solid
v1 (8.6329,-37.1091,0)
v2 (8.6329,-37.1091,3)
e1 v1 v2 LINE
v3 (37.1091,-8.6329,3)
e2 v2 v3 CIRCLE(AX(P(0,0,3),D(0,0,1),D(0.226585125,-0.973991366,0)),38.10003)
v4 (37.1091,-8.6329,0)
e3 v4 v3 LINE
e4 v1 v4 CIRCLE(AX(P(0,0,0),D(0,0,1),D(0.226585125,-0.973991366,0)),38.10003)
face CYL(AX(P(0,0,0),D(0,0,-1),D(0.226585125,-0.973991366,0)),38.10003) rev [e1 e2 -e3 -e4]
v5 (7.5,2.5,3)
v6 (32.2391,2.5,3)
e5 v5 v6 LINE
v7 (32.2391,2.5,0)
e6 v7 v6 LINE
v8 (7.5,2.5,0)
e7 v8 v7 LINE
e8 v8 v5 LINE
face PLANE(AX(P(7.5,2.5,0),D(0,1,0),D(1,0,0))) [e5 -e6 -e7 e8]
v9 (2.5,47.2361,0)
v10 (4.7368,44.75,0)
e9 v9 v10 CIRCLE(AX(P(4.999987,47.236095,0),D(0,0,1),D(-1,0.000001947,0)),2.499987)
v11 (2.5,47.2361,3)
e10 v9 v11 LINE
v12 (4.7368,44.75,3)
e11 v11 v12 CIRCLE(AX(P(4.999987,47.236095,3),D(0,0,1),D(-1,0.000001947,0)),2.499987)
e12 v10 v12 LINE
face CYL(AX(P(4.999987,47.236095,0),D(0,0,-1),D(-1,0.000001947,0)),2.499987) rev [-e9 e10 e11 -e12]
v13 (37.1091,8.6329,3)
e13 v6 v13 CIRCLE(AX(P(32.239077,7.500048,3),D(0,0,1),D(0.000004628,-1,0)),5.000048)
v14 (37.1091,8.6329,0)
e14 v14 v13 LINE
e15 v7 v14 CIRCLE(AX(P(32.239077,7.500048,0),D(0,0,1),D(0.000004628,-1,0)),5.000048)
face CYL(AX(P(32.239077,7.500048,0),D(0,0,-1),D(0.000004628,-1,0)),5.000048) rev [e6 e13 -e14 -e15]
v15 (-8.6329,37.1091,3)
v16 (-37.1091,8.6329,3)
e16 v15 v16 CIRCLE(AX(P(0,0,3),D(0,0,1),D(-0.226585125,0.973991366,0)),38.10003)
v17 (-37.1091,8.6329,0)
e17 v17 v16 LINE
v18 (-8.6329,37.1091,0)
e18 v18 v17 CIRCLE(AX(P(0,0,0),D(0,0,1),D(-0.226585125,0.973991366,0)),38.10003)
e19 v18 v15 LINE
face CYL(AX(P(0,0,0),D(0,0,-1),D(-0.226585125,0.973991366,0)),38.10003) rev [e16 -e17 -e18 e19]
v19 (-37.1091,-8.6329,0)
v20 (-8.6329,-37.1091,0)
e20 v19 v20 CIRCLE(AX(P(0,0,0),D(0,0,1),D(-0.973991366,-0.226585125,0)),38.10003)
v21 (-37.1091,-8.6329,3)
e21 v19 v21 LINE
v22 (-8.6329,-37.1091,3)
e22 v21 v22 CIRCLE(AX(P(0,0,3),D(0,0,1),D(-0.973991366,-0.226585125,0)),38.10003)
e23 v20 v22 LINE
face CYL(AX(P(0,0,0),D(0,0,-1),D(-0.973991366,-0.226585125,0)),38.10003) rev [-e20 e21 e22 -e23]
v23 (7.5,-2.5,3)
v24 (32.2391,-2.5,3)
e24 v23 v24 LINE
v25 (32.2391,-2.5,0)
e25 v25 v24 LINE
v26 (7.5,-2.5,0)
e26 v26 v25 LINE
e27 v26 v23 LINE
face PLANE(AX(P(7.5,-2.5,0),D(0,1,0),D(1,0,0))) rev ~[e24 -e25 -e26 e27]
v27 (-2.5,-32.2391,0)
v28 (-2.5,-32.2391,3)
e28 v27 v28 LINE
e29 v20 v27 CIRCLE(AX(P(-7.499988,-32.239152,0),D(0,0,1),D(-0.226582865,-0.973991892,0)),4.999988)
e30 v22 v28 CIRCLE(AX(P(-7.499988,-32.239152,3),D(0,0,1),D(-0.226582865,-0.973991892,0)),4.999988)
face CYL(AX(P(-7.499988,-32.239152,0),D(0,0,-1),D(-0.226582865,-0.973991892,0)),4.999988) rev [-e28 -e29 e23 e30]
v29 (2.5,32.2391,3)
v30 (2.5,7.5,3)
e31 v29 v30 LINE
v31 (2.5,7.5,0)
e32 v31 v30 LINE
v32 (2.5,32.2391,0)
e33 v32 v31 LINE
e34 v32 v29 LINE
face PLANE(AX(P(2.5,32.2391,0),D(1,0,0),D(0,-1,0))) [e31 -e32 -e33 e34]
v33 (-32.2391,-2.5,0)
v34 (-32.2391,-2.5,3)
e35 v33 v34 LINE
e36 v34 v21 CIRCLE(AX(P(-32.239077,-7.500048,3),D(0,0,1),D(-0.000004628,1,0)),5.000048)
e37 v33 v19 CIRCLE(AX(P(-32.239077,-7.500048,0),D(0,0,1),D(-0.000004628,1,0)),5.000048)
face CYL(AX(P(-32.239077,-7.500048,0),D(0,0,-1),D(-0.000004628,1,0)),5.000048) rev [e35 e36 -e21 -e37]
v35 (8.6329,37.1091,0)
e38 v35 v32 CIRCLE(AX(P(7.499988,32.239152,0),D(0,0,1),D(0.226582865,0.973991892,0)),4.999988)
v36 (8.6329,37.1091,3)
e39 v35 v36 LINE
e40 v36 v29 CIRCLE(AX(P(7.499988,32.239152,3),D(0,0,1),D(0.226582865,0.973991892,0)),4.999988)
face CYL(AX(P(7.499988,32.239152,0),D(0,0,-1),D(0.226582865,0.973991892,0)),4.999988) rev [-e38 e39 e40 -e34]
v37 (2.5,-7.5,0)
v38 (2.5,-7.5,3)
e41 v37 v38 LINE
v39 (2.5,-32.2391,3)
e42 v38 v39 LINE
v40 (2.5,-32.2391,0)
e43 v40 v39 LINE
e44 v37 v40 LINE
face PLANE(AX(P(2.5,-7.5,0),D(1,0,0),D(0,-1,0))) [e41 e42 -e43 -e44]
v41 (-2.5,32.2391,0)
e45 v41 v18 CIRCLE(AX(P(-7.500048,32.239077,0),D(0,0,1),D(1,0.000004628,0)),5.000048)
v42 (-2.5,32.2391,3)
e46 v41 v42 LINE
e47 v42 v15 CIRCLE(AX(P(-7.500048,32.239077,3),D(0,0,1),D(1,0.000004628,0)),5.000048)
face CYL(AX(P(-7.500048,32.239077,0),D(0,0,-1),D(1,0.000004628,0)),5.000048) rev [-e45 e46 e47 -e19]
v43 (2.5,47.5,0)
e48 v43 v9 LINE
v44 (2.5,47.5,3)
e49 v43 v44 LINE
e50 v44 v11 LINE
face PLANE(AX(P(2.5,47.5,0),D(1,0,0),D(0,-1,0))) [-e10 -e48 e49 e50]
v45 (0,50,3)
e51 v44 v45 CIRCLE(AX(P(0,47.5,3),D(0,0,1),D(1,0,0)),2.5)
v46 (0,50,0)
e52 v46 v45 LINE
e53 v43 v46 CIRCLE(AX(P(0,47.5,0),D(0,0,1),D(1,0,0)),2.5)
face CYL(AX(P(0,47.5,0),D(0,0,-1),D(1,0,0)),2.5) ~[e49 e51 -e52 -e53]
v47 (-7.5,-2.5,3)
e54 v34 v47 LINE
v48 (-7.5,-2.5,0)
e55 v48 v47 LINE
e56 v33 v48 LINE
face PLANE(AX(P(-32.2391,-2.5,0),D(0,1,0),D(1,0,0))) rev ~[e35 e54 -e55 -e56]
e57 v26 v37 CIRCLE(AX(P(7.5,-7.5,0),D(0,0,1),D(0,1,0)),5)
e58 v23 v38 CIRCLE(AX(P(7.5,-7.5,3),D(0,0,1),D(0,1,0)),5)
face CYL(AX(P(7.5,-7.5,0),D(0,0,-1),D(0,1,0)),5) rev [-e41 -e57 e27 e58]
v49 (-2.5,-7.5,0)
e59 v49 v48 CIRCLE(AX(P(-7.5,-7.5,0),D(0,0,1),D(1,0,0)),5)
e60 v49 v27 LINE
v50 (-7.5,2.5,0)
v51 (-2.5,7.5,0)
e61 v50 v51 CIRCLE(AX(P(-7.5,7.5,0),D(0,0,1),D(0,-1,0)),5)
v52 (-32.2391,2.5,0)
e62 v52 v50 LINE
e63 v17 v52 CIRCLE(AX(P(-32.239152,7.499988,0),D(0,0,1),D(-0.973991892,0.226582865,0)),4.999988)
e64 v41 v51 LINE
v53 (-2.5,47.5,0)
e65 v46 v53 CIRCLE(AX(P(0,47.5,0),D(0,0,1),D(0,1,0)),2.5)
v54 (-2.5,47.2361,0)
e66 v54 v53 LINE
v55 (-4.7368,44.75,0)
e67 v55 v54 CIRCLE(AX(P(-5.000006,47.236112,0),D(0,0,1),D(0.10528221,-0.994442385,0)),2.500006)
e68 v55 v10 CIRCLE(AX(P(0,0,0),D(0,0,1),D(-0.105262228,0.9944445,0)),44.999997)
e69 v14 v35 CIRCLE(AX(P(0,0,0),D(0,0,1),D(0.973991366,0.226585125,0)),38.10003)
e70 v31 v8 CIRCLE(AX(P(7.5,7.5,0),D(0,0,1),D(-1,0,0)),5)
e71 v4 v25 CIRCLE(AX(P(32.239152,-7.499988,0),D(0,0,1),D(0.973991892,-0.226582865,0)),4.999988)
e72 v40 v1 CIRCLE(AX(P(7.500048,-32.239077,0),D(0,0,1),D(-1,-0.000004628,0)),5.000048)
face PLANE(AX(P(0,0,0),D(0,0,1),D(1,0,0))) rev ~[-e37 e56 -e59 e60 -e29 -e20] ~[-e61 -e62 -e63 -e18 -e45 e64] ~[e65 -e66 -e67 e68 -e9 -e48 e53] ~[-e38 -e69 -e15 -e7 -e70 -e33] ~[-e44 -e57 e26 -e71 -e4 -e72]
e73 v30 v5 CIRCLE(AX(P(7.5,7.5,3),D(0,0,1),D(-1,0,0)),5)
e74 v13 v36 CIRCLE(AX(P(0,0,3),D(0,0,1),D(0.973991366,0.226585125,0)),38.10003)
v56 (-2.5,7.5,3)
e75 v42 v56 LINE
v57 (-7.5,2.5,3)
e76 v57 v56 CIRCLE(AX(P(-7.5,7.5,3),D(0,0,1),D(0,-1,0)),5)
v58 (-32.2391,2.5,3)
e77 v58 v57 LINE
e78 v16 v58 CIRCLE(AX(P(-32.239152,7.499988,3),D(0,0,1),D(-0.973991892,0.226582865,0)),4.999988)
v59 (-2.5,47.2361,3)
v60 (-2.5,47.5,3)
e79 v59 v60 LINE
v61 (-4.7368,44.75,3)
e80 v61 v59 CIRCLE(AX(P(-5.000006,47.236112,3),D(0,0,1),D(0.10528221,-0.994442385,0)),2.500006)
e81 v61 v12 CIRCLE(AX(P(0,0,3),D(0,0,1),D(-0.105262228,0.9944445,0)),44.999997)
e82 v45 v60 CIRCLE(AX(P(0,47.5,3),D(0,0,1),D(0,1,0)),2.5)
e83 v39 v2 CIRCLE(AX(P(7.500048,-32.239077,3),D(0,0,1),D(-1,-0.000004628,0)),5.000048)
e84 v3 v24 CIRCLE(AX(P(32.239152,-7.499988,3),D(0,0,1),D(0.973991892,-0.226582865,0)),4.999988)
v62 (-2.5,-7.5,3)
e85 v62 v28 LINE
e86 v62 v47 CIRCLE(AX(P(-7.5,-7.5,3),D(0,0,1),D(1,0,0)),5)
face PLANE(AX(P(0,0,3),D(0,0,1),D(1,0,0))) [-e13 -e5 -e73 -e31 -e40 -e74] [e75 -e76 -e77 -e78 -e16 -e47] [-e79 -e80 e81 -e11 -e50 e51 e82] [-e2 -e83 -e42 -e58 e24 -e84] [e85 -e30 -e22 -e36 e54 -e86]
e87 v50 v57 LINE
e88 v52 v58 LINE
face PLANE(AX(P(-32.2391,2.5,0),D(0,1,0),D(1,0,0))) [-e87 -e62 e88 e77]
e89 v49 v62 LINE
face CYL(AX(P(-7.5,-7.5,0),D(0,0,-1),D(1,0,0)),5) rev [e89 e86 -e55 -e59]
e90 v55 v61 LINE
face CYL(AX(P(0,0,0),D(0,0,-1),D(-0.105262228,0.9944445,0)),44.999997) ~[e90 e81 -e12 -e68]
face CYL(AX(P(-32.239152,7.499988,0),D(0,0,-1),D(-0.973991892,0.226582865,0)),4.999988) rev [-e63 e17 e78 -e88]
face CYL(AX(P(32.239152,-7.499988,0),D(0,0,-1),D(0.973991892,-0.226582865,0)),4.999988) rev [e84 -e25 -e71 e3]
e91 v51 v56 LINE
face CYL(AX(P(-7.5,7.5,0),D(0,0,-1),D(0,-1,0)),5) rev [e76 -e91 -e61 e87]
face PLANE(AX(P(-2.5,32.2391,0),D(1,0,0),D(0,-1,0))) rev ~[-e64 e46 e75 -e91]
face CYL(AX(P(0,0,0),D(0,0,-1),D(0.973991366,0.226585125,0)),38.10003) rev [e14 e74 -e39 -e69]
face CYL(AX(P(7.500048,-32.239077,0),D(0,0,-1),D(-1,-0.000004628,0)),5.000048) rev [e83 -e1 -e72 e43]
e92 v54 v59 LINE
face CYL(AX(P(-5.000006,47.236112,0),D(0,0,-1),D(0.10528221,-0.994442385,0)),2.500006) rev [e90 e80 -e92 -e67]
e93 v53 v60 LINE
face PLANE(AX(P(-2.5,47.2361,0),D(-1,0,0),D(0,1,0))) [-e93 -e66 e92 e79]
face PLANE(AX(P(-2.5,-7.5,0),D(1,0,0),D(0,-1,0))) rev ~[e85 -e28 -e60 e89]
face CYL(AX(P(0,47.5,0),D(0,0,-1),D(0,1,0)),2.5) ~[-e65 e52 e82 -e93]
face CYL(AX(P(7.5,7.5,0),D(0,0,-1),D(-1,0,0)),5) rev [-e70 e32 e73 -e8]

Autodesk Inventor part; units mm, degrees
ref_plane "YZ Plane" through (0, 0, 0) normal (1, 0, 0) x (0, 1, 0)
ref_plane "XZ Plane" through (0, 0, 0) normal (0, 1, 0) x (-1, 0, 0)
ref_plane "XY Plane" through (0, 0, 0) normal (0, 0, 1) x (1, 0, 0)
sketch "Sketch1" plane through (0, 0, 0) normal (0, 0, 1) x (1, 0, 0)
  arc A0 (-4.7368, 44.75) -> (4.7368, 44.75) centre (0, 0) ccw
  line L0 (-32.2391, 2.5) -> (-7.5, 2.5)
  line L1 (7.5, 2.5) -> (32.2391, 2.5)
  line L2 (-2.5, 32.2391) -> (-2.5, 7.5)
  line L3 (-2.5, -7.5) -> (-2.5, -32.2391)
  line L4 (-32.2391, -2.5) -> (-7.5, -2.5)
  line L5 (7.5, -2.5) -> (32.2391, -2.5)
  line L6 (2.5, 32.2391) -> (2.5, 7.5)
  line L7 (2.5, -7.5) -> (2.5, -32.2391)
  arc A1 (-8.6329, 37.1091) -> (-37.1091, 8.6329) centre (0, 0) ccw
  arc A2 (37.1091, 8.6329) -> (8.6329, 37.1091) centre (0, 0) ccw
  arc A3 (-37.1091, -8.6329) -> (-8.6329, -37.1091) centre (0, 0) ccw
  arc A4 (8.6329, -37.1091) -> (37.1091, -8.6329) centre (0, 0) ccw
  arc A5 (-2.5, 32.2391) -> (-8.6329, 37.1091) centre (-7.5, 32.2391) ccw
  arc A6 (8.6329, 37.1091) -> (2.5, 32.2391) centre (7.5, 32.2391) ccw
  arc A7 (2.5, 7.5) -> (7.5, 2.5) centre (7.5, 7.5) ccw
  arc A8 (32.2391, 2.5) -> (37.1091, 8.6329) centre (32.2391, 7.5) ccw
  arc A9 (37.1091, -8.6329) -> (32.2391, -2.5) centre (32.2391, -7.5) ccw
  arc A10 (2.5, -32.2391) -> (8.6329, -37.1091) centre (7.5, -32.2391) ccw
  arc A11 (-8.6329, -37.1091) -> (-2.5, -32.2391) centre (-7.5, -32.2391) ccw
  arc A12 (-32.2391, -2.5) -> (-37.1091, -8.6329) centre (-32.2391, -7.5) ccw
  arc A13 (-37.1091, 8.6329) -> (-32.2391, 2.5) centre (-32.2391, 7.5) ccw
  arc A14 (-7.5, 2.5) -> (-2.5, 7.5) centre (-7.5, 7.5) ccw
  arc A15 (-2.5, -7.5) -> (-7.5, -2.5) centre (-7.5, -7.5) ccw
  arc A16 (7.5, -2.5) -> (2.5, -7.5) centre (7.5, -7.5) ccw
  line L8 (-2.5, 47.2361) -> (-2.5, 47.5)
  line L9 (0, 50) -> (0, 50)
  line L10 (2.5, 47.5) -> (2.5, 47.2361)
  arc A17 (0, 50) -> (-2.5, 47.5) centre (0, 47.5) ccw
  arc A18 (2.5, 47.5) -> (0, 50) centre (0, 47.5) ccw
  arc A19 (2.5, 47.2361) -> (4.7368, 44.75) centre (5, 47.2361) ccw
  arc A20 (-4.7368, 44.75) -> (-2.5, 47.2361) centre (-5, 47.2361) ccw
  point P0 (-2.5, 38.0179)
  point P1 (2.5, 38.0179)
  point P2 (-38.0179, -2.5)
  point P3 (-38.0179, 2.5)
  point P4 (38.0179, -2.5)
  point P5 (38.0179, 2.5)
  point P6 (2.5, -38.0179)
  point P7 (-2.5, -38.0179)
  point P8 (-2.5, 44.9305)
  point P9 (2.5, 44.9305)
  dimension "d0" = 90
  dimension "d6" = 2.5
  dimension "d7" = 2.5
  dimension "d8" = 2.5
  dimension "d9" = 2.5
  dimension "d10" = 5
  dimension "d11" = 5
  dimension "d12" = 5
  dimension "d13" = 5
  dimension "d14" = 38.1
  dimension "d15" = 38.1
  dimension "d16" = 38.1
  dimension "d17" = 38.1
  dimension "d18" = 5
  dimension "d19" = 5
  dimension "d20" = 50
  dimension "d21" = 2.5
extrude "Extrusion1" add sketch "Sketch1" along normal blind 3
properties part number "Vertical Thruster Grill"
